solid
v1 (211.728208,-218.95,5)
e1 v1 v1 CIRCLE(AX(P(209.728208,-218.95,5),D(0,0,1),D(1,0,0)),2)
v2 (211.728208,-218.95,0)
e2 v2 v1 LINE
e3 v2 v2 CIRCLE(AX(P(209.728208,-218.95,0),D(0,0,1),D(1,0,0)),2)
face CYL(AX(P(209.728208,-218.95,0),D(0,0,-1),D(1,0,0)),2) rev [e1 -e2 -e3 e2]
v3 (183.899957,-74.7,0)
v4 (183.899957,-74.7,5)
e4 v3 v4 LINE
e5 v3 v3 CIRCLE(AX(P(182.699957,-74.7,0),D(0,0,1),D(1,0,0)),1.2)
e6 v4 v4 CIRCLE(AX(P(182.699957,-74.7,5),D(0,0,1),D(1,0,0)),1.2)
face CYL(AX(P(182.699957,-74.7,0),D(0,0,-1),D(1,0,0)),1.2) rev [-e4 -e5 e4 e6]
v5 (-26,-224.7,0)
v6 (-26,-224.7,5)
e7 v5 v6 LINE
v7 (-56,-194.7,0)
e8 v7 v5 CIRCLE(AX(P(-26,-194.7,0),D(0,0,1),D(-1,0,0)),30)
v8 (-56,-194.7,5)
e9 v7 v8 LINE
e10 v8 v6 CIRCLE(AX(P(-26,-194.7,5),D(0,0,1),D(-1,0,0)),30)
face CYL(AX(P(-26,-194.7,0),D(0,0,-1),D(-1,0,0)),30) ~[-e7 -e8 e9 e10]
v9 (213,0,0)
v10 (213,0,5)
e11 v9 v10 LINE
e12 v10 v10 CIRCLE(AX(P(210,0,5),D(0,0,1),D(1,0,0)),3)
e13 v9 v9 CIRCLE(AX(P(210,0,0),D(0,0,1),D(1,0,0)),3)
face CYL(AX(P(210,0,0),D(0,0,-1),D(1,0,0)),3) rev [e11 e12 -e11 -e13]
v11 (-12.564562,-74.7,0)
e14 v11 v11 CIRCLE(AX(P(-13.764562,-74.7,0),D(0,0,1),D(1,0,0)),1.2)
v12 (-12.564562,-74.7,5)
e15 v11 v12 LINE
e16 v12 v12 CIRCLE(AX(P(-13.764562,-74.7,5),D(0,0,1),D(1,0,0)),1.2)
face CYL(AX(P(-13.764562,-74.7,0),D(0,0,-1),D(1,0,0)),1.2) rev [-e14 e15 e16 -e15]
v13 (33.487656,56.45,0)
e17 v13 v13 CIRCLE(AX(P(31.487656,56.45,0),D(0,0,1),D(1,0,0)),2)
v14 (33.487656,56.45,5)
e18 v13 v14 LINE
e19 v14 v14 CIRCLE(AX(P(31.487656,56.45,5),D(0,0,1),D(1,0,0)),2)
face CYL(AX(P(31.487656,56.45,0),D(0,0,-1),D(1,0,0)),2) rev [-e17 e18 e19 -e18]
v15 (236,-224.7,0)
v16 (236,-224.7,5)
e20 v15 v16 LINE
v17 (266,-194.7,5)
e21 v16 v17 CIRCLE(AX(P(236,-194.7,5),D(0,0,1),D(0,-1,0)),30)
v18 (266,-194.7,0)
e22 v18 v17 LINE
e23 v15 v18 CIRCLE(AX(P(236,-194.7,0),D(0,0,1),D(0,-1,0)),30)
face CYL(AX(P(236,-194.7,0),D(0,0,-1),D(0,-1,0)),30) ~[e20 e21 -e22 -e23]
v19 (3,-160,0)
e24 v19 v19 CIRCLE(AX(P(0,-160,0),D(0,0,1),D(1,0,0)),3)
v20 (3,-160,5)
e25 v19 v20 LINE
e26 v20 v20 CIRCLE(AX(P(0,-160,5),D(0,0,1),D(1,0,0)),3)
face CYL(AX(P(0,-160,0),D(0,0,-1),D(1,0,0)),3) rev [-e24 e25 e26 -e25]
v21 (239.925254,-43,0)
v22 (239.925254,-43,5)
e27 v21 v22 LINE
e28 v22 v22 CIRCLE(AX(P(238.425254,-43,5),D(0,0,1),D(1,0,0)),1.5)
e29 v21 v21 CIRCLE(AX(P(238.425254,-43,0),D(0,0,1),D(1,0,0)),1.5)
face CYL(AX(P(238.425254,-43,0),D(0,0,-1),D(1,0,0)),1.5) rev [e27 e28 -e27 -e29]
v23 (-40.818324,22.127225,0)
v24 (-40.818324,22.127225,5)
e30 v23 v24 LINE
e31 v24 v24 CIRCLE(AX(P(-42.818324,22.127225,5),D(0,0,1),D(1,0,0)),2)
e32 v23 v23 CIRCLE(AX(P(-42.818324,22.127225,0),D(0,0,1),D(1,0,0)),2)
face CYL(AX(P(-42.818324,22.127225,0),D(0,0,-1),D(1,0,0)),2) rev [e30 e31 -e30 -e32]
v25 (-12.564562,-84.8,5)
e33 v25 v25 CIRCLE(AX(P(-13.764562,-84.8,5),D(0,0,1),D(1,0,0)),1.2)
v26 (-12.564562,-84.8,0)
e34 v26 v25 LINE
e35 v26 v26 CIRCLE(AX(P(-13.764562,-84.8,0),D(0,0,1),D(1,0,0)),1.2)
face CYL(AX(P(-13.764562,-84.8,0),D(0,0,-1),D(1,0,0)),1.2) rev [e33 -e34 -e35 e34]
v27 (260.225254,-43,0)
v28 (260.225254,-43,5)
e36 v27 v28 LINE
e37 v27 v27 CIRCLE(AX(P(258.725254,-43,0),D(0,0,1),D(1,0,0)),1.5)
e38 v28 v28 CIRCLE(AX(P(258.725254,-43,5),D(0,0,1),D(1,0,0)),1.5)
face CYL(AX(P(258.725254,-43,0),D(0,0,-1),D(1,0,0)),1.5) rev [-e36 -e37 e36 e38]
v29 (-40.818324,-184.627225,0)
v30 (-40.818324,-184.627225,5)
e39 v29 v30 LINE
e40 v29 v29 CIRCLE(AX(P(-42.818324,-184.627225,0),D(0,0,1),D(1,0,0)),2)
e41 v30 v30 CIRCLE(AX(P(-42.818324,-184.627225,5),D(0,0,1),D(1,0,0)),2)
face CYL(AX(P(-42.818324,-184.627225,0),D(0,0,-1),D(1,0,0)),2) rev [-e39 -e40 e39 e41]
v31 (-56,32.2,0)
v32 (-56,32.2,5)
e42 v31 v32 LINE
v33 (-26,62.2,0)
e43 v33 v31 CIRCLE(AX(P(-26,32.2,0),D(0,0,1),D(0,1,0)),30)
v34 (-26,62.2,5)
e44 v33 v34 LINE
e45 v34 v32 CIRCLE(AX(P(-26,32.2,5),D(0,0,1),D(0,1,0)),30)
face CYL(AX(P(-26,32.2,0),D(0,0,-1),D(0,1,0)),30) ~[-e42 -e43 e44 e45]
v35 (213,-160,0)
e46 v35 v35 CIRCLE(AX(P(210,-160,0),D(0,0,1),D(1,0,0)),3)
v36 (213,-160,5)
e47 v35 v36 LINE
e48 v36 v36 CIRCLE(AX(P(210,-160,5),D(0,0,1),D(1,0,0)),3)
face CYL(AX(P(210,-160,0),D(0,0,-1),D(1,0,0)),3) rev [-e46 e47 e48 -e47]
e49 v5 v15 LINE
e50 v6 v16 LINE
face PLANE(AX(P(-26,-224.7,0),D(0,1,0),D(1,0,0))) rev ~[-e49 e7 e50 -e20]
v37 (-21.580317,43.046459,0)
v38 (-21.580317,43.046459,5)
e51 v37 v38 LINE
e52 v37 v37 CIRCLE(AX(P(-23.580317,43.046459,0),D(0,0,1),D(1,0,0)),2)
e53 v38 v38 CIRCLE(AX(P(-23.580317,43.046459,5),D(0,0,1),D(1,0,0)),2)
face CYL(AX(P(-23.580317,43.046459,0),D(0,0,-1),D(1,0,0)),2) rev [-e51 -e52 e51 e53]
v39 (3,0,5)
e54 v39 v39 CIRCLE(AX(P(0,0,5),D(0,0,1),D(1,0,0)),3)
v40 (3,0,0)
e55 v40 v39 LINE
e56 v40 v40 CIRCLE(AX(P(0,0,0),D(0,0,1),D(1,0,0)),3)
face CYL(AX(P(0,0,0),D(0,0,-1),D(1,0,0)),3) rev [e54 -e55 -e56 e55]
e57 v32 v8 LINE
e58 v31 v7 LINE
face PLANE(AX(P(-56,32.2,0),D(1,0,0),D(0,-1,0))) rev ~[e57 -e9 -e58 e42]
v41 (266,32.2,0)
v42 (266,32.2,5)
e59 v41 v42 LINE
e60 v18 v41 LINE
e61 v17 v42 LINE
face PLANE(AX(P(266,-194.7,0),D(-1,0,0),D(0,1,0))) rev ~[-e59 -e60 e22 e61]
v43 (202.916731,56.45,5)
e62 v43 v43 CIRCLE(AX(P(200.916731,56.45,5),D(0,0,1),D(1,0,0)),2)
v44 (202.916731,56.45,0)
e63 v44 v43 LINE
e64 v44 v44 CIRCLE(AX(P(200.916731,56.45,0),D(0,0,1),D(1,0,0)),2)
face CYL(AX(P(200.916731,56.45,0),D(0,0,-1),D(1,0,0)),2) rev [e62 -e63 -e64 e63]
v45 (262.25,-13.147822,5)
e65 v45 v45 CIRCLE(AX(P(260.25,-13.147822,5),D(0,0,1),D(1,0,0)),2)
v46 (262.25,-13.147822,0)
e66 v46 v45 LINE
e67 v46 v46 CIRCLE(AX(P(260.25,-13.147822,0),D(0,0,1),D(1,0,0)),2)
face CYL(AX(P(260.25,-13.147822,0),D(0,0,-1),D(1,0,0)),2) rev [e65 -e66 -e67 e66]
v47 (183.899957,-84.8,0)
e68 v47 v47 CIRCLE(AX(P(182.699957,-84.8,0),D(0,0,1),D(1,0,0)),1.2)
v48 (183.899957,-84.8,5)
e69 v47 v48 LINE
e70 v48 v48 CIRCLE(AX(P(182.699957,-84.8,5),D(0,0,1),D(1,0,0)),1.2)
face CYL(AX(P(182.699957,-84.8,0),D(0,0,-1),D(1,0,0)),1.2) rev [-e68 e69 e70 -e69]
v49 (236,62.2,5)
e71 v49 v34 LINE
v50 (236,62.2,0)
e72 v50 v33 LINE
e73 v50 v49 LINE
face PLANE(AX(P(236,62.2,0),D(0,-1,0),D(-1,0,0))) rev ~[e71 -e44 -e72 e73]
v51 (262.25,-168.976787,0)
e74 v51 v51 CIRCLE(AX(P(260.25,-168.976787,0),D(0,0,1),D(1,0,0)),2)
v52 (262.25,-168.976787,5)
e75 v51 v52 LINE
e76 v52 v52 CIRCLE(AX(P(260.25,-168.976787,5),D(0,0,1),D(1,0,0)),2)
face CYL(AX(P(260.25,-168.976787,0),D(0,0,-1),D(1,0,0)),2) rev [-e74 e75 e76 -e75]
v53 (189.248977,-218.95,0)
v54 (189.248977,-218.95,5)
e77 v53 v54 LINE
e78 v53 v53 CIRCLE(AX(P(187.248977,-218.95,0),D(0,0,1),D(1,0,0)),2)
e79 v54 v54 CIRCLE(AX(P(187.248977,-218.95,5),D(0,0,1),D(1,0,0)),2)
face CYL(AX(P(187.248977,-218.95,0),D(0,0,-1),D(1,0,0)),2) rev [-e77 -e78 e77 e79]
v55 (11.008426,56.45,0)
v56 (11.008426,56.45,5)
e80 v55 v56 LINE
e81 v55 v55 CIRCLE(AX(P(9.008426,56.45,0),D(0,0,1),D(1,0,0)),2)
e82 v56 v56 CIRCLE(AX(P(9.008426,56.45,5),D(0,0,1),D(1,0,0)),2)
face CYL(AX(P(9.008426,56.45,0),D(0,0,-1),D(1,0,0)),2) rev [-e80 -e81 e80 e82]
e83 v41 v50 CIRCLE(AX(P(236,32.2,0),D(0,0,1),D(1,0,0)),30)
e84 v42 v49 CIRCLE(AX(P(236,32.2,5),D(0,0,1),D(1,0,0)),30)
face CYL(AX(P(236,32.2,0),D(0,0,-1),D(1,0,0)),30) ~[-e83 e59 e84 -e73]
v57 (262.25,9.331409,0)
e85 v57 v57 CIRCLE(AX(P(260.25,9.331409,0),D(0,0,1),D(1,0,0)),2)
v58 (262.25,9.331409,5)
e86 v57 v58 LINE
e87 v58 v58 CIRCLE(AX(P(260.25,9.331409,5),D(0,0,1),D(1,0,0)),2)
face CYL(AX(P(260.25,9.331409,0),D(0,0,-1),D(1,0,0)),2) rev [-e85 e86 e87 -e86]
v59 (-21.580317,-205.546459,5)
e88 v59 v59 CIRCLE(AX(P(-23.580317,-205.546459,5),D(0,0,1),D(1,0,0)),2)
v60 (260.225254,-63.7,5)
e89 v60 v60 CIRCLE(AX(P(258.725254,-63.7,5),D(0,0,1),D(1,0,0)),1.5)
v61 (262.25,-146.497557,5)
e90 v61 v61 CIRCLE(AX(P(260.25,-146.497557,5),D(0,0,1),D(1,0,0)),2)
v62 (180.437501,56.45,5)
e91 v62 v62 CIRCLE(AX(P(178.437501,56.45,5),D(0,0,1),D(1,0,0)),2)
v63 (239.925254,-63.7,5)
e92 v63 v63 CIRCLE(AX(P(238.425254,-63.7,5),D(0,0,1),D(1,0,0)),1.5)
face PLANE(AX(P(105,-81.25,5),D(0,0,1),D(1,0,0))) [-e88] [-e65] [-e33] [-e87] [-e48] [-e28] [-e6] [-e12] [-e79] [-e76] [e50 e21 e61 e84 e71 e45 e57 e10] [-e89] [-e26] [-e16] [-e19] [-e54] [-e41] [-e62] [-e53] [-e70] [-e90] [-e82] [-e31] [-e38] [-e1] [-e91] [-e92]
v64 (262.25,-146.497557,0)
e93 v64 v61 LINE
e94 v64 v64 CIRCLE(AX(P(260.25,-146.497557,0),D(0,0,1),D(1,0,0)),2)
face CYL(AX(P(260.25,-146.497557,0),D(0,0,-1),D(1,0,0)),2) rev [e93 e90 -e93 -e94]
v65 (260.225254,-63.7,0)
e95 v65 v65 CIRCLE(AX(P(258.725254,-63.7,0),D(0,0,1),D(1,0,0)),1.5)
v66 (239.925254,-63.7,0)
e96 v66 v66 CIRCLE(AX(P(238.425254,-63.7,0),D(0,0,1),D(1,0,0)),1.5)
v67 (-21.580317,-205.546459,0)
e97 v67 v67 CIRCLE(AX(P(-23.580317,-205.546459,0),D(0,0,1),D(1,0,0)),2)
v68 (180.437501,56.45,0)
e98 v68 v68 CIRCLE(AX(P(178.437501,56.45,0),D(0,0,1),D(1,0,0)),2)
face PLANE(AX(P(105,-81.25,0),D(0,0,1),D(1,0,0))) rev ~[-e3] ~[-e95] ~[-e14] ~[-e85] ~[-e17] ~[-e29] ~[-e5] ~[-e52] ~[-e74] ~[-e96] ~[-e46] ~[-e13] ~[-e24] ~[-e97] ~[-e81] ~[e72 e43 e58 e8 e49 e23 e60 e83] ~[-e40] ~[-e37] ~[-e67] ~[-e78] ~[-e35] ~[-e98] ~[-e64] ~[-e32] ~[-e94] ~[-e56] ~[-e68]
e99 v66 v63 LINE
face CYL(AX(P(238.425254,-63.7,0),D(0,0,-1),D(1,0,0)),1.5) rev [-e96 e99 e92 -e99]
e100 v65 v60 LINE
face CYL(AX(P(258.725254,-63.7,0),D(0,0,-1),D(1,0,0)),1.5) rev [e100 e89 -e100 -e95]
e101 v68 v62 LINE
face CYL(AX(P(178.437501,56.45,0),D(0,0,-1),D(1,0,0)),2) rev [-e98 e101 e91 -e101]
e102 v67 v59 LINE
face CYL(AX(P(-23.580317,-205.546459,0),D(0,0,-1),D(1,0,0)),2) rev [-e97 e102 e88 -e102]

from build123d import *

# Parameters (mm, degrees)
SKETCH1_R           = 1.5
SKETCH1_R_2         = 3
SKETCH1_R_3         = 1.2
SKETCH1_R_4         = 2
BOSS_EXTRUDE1_DEPTH = 5


with BuildPart() as part:
    # Sketch1 → Boss-Extrude1 (new body)
    with BuildSketch(Plane.XY):
        with BuildLine():
            Line((-26, -224.7), (236, -224.7))
            ThreePointArc((236, -224.7), (257.213203436, -215.913203436), (266, -194.7))
            Line((266, -194.7), (266, 32.2))
            ThreePointArc((266, 32.2), (257.213203436, 53.413203436), (236, 62.2))
            Line((236, 62.2), (-26, 62.2))
            ThreePointArc((-26, 62.2), (-47.213203436, 53.413203436), (-56, 32.2))
            Line((-56, 32.2), (-56, -194.7))
            ThreePointArc((-56, -194.7), (-47.213203436, -215.913203436), (-26, -224.7))
        make_face()
        with Locations((238.425254173, -63.7)):
            Circle(SKETCH1_R, mode=Mode.SUBTRACT)
        with Locations((258.725254173, -63.7)):
            Circle(SKETCH1_R, mode=Mode.SUBTRACT)
        with Locations((258.725254173, -43)):
            Circle(SKETCH1_R, mode=Mode.SUBTRACT)
        with Locations((238.425254173, -43)):
            Circle(SKETCH1_R, mode=Mode.SUBTRACT)
        with Locations((210, -160)):
            Circle(SKETCH1_R_2, mode=Mode.SUBTRACT)
        with Locations((-13.76456221, -84.8)):
            Circle(SKETCH1_R_3, mode=Mode.SUBTRACT)
        with Locations((210, 0)):
            Circle(SKETCH1_R_2, mode=Mode.SUBTRACT)
        with Locations((-13.76456221, -74.7)):
            Circle(SKETCH1_R_3, mode=Mode.SUBTRACT)
        Circle(SKETCH1_R_2, mode=Mode.SUBTRACT)
        with Locations((182.699956565, -84.8)):
            Circle(SKETCH1_R_3, mode=Mode.SUBTRACT)
        with Locations((182.699956565, -74.7)):
            Circle(SKETCH1_R_3, mode=Mode.SUBTRACT)
        with Locations((0, -160)):
            Circle(SKETCH1_R_2, mode=Mode.SUBTRACT)
        with Locations((260.24999999, -146.497556717)):
            Circle(SKETCH1_R_4, mode=Mode.SUBTRACT)
        with Locations((260.24999999, -168.976787333)):
            Circle(SKETCH1_R_4, mode=Mode.SUBTRACT)
        with Locations((260.24999999, -13.147821573)):
            Circle(SKETCH1_R_4, mode=Mode.SUBTRACT)
        with Locations((260.24999999, 9.331409043)):
            Circle(SKETCH1_R_4, mode=Mode.SUBTRACT)
        with Locations((200.91673127, 56.44999999)):
            Circle(SKETCH1_R_4, mode=Mode.SUBTRACT)
        with Locations((178.437500654, 56.44999999)):
            Circle(SKETCH1_R_4, mode=Mode.SUBTRACT)
        with Locations((31.487656176, 56.44999999)):
            Circle(SKETCH1_R_4, mode=Mode.SUBTRACT)
        with Locations((9.00842556, 56.44999999)):
            Circle(SKETCH1_R_4, mode=Mode.SUBTRACT)
        with Locations((-23.580317145, 43.046459283)):
            Circle(SKETCH1_R_4, mode=Mode.SUBTRACT)
        with Locations((-42.818323589, 22.127225316)):
            Circle(SKETCH1_R_4, mode=Mode.SUBTRACT)
        with Locations((-42.818323589, -184.627225316)):
            Circle(SKETCH1_R_4, mode=Mode.SUBTRACT)
        with Locations((-23.580317145, -205.546459283)):
            Circle(SKETCH1_R_4, mode=Mode.SUBTRACT)
        with Locations((187.248977455, -218.94999999)):
            Circle(SKETCH1_R_4, mode=Mode.SUBTRACT)
        with Locations((209.728208071, -218.94999999)):
            Circle(SKETCH1_R_4, mode=Mode.SUBTRACT)
    extrude(amount=BOSS_EXTRUDE1_DEPTH)


solid = part.part
